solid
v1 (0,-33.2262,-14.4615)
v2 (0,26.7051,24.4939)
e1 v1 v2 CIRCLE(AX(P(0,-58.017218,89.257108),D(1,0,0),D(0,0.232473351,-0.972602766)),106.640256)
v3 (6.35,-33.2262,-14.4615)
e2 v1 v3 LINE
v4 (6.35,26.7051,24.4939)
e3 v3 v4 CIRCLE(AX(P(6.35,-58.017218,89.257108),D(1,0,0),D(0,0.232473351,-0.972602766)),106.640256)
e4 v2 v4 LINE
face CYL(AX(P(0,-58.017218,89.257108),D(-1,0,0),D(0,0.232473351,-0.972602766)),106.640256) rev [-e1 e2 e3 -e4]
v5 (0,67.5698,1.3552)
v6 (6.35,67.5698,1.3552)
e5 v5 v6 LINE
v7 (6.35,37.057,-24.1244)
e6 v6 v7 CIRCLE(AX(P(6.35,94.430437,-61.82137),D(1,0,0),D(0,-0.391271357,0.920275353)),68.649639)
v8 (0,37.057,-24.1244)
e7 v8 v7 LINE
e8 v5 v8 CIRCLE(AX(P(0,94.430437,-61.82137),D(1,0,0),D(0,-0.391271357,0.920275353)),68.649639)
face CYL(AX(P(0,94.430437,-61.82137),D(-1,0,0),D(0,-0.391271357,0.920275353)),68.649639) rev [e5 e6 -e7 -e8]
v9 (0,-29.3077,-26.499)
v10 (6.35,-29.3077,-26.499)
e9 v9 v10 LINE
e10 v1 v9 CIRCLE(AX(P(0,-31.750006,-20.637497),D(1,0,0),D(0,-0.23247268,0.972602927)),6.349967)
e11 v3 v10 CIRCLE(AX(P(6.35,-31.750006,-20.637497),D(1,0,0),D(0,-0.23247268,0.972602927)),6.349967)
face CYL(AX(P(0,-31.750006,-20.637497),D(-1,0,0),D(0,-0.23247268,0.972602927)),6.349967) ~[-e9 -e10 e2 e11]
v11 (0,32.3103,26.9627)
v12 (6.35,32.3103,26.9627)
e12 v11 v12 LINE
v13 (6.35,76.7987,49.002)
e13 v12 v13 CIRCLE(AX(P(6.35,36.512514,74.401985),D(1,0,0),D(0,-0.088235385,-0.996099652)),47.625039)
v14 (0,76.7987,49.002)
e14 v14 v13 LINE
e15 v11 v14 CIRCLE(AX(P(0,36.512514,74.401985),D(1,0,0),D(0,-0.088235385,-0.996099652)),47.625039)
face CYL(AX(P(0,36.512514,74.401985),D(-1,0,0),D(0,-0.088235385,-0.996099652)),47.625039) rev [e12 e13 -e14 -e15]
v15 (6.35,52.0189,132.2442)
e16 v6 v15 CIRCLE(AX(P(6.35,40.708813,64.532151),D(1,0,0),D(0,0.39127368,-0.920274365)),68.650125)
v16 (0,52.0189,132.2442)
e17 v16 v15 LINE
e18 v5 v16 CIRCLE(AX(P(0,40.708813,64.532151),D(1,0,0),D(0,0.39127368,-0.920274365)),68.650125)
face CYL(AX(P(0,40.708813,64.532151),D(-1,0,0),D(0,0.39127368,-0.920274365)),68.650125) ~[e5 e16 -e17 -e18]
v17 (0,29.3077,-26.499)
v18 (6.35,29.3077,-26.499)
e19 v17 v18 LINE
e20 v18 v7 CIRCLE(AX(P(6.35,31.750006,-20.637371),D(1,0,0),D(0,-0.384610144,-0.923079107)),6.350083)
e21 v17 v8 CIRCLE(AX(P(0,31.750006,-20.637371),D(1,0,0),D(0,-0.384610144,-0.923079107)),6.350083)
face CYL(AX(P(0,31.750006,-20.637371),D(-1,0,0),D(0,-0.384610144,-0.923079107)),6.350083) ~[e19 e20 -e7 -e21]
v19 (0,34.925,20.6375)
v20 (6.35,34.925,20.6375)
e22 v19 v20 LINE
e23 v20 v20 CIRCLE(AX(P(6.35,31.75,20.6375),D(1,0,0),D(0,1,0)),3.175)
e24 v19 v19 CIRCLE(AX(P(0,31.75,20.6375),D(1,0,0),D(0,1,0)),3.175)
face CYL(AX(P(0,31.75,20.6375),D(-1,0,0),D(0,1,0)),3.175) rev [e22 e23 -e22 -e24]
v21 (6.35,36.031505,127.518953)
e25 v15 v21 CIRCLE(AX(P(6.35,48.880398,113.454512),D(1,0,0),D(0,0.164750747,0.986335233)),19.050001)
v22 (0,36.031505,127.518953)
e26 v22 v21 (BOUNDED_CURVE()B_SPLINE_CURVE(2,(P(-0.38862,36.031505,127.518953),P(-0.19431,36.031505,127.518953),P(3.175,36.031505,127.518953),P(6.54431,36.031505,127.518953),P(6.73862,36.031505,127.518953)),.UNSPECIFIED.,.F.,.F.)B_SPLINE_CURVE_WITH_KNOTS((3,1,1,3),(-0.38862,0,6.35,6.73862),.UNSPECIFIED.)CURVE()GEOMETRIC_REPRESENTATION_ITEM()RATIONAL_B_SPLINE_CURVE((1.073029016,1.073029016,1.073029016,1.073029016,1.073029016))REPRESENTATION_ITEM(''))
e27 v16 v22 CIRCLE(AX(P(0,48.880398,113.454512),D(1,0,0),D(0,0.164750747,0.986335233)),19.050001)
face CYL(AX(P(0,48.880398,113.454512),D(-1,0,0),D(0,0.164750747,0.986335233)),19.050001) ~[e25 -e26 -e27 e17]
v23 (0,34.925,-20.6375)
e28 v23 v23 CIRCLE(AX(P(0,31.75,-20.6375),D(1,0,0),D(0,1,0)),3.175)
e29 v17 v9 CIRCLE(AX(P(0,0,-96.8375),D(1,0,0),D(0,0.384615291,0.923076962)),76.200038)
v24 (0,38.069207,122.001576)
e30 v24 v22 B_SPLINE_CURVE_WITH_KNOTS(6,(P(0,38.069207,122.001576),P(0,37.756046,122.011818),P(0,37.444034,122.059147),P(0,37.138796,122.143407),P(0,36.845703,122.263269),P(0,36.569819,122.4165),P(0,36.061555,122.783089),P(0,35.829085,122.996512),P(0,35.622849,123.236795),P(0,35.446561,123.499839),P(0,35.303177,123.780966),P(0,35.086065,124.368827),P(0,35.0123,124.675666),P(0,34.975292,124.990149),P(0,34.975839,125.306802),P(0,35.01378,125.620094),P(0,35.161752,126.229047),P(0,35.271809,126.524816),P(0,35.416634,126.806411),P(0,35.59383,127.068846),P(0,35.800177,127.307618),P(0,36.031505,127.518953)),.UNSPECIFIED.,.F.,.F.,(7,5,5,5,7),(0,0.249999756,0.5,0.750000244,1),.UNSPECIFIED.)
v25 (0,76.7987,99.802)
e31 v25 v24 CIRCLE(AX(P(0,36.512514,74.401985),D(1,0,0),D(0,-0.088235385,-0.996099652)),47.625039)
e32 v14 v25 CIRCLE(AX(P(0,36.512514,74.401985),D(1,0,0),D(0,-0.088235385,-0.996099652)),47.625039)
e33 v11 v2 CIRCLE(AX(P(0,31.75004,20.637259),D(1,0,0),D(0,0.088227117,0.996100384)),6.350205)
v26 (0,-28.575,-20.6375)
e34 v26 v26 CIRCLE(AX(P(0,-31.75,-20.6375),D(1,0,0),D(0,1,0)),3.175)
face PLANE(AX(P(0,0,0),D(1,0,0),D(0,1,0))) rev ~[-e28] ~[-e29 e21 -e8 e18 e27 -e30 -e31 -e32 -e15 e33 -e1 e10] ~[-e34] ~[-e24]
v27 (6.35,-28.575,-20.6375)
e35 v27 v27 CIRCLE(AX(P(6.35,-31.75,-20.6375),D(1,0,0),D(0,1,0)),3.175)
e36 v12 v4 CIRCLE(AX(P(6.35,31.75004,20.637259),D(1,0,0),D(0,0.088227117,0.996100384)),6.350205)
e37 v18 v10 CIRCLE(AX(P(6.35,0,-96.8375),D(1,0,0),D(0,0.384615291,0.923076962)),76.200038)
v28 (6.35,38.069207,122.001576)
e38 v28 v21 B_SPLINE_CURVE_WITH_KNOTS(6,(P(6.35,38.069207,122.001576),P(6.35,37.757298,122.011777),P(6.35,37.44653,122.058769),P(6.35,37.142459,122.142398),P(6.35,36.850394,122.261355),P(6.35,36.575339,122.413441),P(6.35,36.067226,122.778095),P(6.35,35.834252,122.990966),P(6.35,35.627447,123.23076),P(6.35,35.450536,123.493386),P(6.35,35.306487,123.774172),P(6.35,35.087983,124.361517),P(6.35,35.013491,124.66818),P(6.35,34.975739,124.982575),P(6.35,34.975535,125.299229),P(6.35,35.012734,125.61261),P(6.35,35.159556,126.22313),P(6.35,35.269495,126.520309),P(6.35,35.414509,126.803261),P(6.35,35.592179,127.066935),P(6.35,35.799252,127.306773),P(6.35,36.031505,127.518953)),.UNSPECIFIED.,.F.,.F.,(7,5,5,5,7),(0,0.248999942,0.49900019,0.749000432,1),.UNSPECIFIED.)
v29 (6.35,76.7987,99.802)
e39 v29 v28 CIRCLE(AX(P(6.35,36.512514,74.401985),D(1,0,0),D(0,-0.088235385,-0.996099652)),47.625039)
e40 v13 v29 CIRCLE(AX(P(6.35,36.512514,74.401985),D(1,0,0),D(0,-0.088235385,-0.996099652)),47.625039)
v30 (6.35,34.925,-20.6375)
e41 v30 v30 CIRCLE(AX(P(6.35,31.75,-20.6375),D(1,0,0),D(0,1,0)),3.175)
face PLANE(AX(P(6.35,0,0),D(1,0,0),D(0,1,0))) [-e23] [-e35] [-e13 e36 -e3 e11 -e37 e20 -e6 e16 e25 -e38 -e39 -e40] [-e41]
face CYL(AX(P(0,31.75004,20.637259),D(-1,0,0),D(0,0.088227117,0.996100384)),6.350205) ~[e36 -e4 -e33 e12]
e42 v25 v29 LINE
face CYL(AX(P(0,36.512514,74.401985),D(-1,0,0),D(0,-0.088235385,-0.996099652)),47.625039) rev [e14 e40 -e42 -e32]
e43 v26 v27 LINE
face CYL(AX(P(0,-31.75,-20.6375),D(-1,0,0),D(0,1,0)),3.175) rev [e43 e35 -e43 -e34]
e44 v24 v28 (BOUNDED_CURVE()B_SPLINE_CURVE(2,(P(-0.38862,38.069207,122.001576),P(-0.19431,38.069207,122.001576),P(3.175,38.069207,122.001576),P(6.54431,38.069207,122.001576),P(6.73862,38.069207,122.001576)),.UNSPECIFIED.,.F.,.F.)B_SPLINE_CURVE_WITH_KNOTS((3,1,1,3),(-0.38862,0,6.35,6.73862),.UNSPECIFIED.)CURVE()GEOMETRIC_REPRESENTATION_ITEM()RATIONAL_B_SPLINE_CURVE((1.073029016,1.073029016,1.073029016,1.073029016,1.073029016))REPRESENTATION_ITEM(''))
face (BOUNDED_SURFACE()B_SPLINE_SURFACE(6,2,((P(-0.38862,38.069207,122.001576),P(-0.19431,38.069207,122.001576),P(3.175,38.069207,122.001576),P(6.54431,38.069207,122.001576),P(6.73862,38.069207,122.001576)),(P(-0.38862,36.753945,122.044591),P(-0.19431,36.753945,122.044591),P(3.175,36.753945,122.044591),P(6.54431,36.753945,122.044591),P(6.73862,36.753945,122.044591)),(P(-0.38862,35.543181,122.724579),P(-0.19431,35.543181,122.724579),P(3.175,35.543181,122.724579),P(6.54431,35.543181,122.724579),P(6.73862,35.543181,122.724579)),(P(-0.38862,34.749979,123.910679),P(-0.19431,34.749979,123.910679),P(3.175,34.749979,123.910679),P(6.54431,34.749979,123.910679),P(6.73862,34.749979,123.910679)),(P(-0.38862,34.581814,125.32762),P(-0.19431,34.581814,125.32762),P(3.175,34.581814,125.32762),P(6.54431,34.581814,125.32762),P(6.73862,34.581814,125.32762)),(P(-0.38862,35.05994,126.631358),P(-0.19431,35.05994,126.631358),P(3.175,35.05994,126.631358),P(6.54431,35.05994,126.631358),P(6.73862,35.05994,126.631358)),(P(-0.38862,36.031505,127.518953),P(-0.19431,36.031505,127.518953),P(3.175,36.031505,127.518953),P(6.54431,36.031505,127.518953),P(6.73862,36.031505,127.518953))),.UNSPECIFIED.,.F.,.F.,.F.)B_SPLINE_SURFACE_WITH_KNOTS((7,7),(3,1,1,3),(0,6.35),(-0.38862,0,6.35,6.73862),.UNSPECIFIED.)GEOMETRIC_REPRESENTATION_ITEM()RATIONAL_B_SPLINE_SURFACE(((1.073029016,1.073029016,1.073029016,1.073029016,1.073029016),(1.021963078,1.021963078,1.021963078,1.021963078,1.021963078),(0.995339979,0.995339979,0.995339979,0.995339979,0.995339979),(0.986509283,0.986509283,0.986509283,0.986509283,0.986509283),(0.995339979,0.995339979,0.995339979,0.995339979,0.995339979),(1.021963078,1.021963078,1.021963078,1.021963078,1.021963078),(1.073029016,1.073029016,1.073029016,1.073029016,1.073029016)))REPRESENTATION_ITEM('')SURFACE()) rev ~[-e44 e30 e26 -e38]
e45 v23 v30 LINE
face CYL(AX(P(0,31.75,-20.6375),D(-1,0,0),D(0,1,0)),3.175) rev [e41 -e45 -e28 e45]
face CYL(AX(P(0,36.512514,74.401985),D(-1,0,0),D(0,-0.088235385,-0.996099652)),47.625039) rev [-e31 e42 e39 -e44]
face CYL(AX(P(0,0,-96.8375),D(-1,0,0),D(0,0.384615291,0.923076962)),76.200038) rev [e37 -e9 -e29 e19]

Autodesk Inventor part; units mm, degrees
ref_plane "YZ Plane" through (0, 0, 0) normal (1, 0, 0) x (0, 1, 0)
ref_plane "XZ Plane" through (0, 0, 0) normal (0, 1, 0) x (-1, 0, 0)
ref_plane "XY Plane" through (0, 0, 0) normal (0, 0, 1) x (1, 0, 0)
sketch "Sketch1" plane through (0, 0, 0) normal (1, 0, 0) x (0, 1, 0)
  line L0 (31.75, 0) -> (-31.75, 0) construction
  line L1 (-31.75, 0) -> (-31.75, -20.6375) construction
  line L2 (31.75, -20.6375) -> (31.75, 20.6375) construction
  circle A0 centre (31.75, -20.6375) radius 3.175
  circle A1 centre (31.75, 20.6375) radius 3.175
  circle A2 centre (-31.75, -20.6375) radius 3.175
  arc A3 (32.3103, 26.9627) -> (31.75, 121.7883) centre (36.5125, 74.402) ccw
  arc A4 (32.3103, 26.9627) -> (26.7051, 24.4939) centre (31.75, 20.6375) ccw
  arc A5 (-33.2262, -14.4615) -> (-29.3077, -26.499) centre (-31.75, -20.6375) ccw
  arc A6 (-33.2262, -14.4615) -> (26.7051, 24.4939) centre (-58.0173, 89.2573) ccw
  arc A7 (29.3077, -26.499) -> (37.057, -24.1244) centre (31.75, -20.6375) ccw
  arc A8 (29.3077, -26.499) -> (-29.3077, -26.499) centre (0, -96.8375) ccw
  line L3 (51.3987, 74.402) -> (36.5125, 74.402) construction
  arc A9 (52.0189, 132.2442) -> (31.75, 121.7883) centre (48.8804, 113.4545) ccw
  arc A10 (67.5698, 1.3552) -> (52.0189, 132.2442) centre (40.7089, 64.5321) ccw
  line L4 (48.8804, 113.4545) -> (50.8914, 119.8045) construction
  line L5 (67.5698, 1.3552) -> (55.1469, 30.5739) construction
  line L6 (-29.3077, -26.499) -> (-33.2262, -14.4615) construction
  line L7 (31.75, -20.6375) -> (-31.75, -20.6375) construction
  line L8 (25.9987, 99.802) -> (76.7987, 99.802)
  line L9 (76.7987, 99.802) -> (76.7987, 49.002)
  line L10 (76.7987, 49.002) -> (25.9987, 49.002)
  line L11 (25.9987, 49.002) -> (25.9987, 99.802)
  line L12 (25.9987, 99.802) -> (76.7987, 49.002) construction
  line L13 (76.7987, 99.802) -> (25.9987, 49.002) construction
  line L14 (48.8444, 120.4027) -> (52.0189, 132.2442) construction
  arc A11 (67.5698, 1.3552) -> (37.057, -24.1244) centre (94.4307, -61.8218) ccw
  point P0 (0, 0)
  point P1 (0, 0)
  point P2 (51.3987, 74.402)
  point P3 (51.3987, 74.402)
  dimension "d0" = 63.5
  dimension "d1" = 41.275
  dimension "d2" = 6.35
  dimension "d4" = 6.35
  dimension "d6" = 95.25
  dimension "d8" = 4.7625
  dimension "d9" = 19.05
  dimension "d10" = 6.35
  dimension "d12" = 31.75
  dimension "d21" = 50.8
  dimension "d24" = 0.508
extrude "Extrusion1" add sketch "Sketch1" along normal blind 6.35 contours A3 A9 A10 A11 A7 A8 A5 A6 A4
fillet "Fillet2" radius 3.175 1 edges at (3.175, 31.75, 121.7883)
properties part number "climb hook" material "Aluminum 6061"
